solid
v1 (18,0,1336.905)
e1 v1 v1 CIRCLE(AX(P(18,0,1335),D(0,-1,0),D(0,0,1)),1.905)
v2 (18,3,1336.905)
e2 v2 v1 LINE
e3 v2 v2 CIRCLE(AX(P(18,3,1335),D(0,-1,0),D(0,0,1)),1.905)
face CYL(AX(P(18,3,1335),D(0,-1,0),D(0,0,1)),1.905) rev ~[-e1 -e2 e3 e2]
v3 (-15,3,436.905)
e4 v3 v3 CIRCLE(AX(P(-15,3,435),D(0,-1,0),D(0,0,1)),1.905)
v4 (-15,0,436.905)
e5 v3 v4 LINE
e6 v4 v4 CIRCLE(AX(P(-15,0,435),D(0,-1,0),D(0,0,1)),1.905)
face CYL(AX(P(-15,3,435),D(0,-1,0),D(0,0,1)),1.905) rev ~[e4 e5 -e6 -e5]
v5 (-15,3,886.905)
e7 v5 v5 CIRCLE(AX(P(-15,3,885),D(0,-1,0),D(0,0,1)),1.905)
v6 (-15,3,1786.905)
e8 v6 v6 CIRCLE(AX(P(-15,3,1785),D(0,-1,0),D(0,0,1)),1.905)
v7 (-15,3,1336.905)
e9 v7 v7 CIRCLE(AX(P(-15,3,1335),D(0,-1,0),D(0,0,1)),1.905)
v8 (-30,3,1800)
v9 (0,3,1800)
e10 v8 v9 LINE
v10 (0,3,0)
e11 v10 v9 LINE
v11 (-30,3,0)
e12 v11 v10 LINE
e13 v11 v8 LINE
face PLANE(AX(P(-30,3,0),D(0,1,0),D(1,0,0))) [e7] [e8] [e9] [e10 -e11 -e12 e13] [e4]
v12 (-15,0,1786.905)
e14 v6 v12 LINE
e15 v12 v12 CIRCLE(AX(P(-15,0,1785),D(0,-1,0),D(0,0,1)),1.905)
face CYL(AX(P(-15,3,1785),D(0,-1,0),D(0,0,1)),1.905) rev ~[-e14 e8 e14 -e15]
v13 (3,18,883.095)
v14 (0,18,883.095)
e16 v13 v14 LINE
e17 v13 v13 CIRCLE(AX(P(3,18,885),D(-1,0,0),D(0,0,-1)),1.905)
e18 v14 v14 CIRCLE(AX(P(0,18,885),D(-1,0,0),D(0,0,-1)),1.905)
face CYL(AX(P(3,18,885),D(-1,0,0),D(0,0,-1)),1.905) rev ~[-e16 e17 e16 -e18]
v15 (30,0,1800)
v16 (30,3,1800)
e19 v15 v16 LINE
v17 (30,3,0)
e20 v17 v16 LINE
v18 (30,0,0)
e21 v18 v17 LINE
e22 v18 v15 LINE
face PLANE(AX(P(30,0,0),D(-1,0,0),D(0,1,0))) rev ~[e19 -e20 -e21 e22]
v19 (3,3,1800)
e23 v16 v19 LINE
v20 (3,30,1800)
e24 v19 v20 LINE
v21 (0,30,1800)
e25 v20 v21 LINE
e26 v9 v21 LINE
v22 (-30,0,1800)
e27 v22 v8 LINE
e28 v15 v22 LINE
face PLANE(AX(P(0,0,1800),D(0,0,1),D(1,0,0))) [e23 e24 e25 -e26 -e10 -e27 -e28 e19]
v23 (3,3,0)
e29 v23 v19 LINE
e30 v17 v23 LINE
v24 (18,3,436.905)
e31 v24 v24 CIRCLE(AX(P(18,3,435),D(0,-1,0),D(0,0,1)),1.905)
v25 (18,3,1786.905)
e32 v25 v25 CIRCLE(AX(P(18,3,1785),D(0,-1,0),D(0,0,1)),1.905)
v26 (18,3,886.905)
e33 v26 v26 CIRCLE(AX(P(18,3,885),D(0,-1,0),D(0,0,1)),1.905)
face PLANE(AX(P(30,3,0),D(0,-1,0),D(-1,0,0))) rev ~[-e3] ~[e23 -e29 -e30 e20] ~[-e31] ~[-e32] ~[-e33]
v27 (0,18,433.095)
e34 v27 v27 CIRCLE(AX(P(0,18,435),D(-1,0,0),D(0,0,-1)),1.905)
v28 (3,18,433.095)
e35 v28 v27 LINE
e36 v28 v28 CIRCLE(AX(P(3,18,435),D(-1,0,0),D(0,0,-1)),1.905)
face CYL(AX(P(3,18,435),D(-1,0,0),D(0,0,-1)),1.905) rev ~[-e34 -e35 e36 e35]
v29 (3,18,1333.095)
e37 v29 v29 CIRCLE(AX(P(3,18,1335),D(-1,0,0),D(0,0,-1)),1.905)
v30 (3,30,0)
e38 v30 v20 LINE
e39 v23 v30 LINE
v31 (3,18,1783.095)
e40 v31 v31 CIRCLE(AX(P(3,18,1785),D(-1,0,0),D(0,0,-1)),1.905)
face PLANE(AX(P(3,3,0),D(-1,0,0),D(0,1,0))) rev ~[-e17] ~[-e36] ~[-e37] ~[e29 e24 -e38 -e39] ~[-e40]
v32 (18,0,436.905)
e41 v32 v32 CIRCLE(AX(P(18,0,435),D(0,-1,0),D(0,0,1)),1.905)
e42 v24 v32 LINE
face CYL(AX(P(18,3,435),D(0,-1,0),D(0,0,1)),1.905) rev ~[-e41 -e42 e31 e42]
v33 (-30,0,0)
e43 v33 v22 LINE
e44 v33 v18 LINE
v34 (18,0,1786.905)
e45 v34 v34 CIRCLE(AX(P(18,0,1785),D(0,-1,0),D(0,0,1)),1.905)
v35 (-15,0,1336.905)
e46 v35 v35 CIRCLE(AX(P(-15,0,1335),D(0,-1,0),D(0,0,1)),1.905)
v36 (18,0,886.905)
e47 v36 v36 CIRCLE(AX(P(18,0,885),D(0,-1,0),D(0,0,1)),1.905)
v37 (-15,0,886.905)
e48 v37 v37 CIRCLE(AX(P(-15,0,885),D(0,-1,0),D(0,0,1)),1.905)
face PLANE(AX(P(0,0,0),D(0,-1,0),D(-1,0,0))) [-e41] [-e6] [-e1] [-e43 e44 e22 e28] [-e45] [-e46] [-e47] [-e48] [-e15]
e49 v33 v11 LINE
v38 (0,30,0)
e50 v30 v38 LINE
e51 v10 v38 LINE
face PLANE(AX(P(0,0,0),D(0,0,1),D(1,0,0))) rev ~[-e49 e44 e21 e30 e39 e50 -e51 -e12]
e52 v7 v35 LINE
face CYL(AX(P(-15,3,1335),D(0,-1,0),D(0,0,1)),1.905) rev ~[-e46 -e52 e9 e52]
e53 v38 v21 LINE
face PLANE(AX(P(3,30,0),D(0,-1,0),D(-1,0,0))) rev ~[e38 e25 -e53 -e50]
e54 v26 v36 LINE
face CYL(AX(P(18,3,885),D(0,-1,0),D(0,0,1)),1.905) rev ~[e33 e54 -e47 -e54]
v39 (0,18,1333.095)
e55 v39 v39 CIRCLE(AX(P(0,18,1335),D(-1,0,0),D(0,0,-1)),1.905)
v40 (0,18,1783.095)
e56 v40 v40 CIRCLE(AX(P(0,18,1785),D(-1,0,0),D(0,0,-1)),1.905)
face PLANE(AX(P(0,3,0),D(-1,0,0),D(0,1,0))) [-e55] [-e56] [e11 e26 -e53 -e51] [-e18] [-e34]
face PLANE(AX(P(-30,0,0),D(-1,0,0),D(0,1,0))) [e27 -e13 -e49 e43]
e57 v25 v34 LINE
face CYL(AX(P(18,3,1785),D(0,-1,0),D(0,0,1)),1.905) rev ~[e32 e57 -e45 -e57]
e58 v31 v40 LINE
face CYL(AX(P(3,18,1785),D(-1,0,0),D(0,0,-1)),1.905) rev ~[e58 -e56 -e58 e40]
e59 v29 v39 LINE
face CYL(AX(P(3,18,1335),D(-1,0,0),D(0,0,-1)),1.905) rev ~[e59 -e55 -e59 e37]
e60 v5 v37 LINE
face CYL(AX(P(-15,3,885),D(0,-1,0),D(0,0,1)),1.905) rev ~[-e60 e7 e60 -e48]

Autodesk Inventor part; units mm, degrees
ref_plane "YZ Plane" through (0, 0, 0) normal (1, 0, 0) x (0, 1, 0)
ref_plane "XZ Plane" through (0, 0, 0) normal (0, 1, 0) x (-1, 0, 0)
ref_plane "XY Plane" through (0, 0, 0) normal (0, 0, 1) x (1, 0, 0)
sketch "Sketch1" plane through (0, 0, 0) normal (0, 0, 1) x (1, 0, 0)
  line L0 (0, 0) -> (30, 0)
  line L1 (30, 0) -> (30, 3)
  line L2 (30, 3) -> (3, 3)
  line L3 (3, 3) -> (3, 30)
  line L4 (3, 30) -> (0, 30)
  line L5 (0, 0) -> (-30, 0)
  line L6 (-30, 0) -> (-30, 3)
  line L7 (-30, 3) -> (0, 3)
  line L8 (0, 3) -> (0, 30)
  dimension "d0" = 3
  dimension "d2" = 30
  dimension "d5" = 3
extrude "Extrusion1" add sketch "Sketch1" along normal blind 1800
sketch "Sketch2" plane through (3, 3, 1800) normal (0, 1, 0) x (1, 0, 0)
  line L0 (-3, 0) -> (-33, 0) projected
  line L1 (-3, 1800) -> (-3, 0) projected
  line L2 (0, 1800) -> (0, 0) projected
  line L3 (27, 0) -> (0, 0) projected
  point P0 (15, 15)
  point P1 (-18, 15)
  point P2 (-18, 465)
  point P3 (15, 465)
  point P4 (15, 915)
  point P5 (-18, 915)
  point P6 (-18, 1365)
  point P7 (15, 1365)
  dimension "d8" = 15
  dimension "d9" = 15
  dimension "d10" = 15
  dimension "d11" = 15
  dimension "d12" = 450
  dimension "d13" = 450
  dimension "d14" = 15
  dimension "d15" = 15
  dimension "d16" = 450
  dimension "d17" = 450
  dimension "d18" = 15
  dimension "d19" = 15
  dimension "d20" = 450
  dimension "d21" = 450
  dimension "d22" = 15
  dimension "d23" = 15
hole "Hole1" at (18, 3, 1785) at (-15, 3, 1785) at (-15, 3, 1335) at (18, 3, 1335) at (18, 3, 885) at (-15, 3, 885) at (-15, 3, 435) at (18, 3, 435) direction (0, -1, 0) diameter 3.81 end through all
sketch "Sketch3" plane through (3, 30, 1800) normal (1, 0, 0) x (0, 0, -1)
  line L0 (0, -27) -> (0, 0) projected
  line L1 (1800, -27) -> (0, -27) projected
  point P0 (1800, -30)
  point P1 (15, -12)
  point P2 (465, -12)
  point P3 (915, -12)
  point P4 (1365, -12)
  dimension "d31" = 15
  dimension "d32" = 15
  dimension "d33" = 450
  dimension "d34" = 15
  dimension "d35" = 450
  dimension "d36" = 450
  dimension "d37" = 15
  dimension "d38" = 15
hole "Hole2" at (3, 18, 1785) at (3, 18, 1335) at (3, 18, 885) at (3, 18, 435) direction (-1, 0, 0) diameter 3.81 end through all
equation "\"d0\" = Thickness"
equation "\"d2\" = Width"
equation "\"d5\" = Thickness"
equation "\"d6\" = Height"
equation "\"d8\" = HoleDistance"
equation "\"d9\" = HoleDistance"
equation "\"d10\" = HoleDistance"
equation "\"d11\" = HoleDistance"
equation "\"d14\" = HoleDistance"
equation "\"d15\" = HoleDistance"
equation "\"d18\" = HoleDistance"
equation "\"d19\" = HoleDistance"
equation "\"d22\" = HoleDistance"
equation "\"d23\" = HoleDistance"
equation "\"d31\" = HoleDistance"
equation "\"d32\" = HoleDistance"
equation "\"d34\" = HoleDistance"
equation "\"d37\" = HoleDistance"
equation "\"d38\" = HoleDistance"
equation "\"Width\" = 30"
equation "\"Thickness\" = 3"
equation "\"Height\" = 1800"
equation "\"HoleDistance\" = 15"
properties part number "mid180"
